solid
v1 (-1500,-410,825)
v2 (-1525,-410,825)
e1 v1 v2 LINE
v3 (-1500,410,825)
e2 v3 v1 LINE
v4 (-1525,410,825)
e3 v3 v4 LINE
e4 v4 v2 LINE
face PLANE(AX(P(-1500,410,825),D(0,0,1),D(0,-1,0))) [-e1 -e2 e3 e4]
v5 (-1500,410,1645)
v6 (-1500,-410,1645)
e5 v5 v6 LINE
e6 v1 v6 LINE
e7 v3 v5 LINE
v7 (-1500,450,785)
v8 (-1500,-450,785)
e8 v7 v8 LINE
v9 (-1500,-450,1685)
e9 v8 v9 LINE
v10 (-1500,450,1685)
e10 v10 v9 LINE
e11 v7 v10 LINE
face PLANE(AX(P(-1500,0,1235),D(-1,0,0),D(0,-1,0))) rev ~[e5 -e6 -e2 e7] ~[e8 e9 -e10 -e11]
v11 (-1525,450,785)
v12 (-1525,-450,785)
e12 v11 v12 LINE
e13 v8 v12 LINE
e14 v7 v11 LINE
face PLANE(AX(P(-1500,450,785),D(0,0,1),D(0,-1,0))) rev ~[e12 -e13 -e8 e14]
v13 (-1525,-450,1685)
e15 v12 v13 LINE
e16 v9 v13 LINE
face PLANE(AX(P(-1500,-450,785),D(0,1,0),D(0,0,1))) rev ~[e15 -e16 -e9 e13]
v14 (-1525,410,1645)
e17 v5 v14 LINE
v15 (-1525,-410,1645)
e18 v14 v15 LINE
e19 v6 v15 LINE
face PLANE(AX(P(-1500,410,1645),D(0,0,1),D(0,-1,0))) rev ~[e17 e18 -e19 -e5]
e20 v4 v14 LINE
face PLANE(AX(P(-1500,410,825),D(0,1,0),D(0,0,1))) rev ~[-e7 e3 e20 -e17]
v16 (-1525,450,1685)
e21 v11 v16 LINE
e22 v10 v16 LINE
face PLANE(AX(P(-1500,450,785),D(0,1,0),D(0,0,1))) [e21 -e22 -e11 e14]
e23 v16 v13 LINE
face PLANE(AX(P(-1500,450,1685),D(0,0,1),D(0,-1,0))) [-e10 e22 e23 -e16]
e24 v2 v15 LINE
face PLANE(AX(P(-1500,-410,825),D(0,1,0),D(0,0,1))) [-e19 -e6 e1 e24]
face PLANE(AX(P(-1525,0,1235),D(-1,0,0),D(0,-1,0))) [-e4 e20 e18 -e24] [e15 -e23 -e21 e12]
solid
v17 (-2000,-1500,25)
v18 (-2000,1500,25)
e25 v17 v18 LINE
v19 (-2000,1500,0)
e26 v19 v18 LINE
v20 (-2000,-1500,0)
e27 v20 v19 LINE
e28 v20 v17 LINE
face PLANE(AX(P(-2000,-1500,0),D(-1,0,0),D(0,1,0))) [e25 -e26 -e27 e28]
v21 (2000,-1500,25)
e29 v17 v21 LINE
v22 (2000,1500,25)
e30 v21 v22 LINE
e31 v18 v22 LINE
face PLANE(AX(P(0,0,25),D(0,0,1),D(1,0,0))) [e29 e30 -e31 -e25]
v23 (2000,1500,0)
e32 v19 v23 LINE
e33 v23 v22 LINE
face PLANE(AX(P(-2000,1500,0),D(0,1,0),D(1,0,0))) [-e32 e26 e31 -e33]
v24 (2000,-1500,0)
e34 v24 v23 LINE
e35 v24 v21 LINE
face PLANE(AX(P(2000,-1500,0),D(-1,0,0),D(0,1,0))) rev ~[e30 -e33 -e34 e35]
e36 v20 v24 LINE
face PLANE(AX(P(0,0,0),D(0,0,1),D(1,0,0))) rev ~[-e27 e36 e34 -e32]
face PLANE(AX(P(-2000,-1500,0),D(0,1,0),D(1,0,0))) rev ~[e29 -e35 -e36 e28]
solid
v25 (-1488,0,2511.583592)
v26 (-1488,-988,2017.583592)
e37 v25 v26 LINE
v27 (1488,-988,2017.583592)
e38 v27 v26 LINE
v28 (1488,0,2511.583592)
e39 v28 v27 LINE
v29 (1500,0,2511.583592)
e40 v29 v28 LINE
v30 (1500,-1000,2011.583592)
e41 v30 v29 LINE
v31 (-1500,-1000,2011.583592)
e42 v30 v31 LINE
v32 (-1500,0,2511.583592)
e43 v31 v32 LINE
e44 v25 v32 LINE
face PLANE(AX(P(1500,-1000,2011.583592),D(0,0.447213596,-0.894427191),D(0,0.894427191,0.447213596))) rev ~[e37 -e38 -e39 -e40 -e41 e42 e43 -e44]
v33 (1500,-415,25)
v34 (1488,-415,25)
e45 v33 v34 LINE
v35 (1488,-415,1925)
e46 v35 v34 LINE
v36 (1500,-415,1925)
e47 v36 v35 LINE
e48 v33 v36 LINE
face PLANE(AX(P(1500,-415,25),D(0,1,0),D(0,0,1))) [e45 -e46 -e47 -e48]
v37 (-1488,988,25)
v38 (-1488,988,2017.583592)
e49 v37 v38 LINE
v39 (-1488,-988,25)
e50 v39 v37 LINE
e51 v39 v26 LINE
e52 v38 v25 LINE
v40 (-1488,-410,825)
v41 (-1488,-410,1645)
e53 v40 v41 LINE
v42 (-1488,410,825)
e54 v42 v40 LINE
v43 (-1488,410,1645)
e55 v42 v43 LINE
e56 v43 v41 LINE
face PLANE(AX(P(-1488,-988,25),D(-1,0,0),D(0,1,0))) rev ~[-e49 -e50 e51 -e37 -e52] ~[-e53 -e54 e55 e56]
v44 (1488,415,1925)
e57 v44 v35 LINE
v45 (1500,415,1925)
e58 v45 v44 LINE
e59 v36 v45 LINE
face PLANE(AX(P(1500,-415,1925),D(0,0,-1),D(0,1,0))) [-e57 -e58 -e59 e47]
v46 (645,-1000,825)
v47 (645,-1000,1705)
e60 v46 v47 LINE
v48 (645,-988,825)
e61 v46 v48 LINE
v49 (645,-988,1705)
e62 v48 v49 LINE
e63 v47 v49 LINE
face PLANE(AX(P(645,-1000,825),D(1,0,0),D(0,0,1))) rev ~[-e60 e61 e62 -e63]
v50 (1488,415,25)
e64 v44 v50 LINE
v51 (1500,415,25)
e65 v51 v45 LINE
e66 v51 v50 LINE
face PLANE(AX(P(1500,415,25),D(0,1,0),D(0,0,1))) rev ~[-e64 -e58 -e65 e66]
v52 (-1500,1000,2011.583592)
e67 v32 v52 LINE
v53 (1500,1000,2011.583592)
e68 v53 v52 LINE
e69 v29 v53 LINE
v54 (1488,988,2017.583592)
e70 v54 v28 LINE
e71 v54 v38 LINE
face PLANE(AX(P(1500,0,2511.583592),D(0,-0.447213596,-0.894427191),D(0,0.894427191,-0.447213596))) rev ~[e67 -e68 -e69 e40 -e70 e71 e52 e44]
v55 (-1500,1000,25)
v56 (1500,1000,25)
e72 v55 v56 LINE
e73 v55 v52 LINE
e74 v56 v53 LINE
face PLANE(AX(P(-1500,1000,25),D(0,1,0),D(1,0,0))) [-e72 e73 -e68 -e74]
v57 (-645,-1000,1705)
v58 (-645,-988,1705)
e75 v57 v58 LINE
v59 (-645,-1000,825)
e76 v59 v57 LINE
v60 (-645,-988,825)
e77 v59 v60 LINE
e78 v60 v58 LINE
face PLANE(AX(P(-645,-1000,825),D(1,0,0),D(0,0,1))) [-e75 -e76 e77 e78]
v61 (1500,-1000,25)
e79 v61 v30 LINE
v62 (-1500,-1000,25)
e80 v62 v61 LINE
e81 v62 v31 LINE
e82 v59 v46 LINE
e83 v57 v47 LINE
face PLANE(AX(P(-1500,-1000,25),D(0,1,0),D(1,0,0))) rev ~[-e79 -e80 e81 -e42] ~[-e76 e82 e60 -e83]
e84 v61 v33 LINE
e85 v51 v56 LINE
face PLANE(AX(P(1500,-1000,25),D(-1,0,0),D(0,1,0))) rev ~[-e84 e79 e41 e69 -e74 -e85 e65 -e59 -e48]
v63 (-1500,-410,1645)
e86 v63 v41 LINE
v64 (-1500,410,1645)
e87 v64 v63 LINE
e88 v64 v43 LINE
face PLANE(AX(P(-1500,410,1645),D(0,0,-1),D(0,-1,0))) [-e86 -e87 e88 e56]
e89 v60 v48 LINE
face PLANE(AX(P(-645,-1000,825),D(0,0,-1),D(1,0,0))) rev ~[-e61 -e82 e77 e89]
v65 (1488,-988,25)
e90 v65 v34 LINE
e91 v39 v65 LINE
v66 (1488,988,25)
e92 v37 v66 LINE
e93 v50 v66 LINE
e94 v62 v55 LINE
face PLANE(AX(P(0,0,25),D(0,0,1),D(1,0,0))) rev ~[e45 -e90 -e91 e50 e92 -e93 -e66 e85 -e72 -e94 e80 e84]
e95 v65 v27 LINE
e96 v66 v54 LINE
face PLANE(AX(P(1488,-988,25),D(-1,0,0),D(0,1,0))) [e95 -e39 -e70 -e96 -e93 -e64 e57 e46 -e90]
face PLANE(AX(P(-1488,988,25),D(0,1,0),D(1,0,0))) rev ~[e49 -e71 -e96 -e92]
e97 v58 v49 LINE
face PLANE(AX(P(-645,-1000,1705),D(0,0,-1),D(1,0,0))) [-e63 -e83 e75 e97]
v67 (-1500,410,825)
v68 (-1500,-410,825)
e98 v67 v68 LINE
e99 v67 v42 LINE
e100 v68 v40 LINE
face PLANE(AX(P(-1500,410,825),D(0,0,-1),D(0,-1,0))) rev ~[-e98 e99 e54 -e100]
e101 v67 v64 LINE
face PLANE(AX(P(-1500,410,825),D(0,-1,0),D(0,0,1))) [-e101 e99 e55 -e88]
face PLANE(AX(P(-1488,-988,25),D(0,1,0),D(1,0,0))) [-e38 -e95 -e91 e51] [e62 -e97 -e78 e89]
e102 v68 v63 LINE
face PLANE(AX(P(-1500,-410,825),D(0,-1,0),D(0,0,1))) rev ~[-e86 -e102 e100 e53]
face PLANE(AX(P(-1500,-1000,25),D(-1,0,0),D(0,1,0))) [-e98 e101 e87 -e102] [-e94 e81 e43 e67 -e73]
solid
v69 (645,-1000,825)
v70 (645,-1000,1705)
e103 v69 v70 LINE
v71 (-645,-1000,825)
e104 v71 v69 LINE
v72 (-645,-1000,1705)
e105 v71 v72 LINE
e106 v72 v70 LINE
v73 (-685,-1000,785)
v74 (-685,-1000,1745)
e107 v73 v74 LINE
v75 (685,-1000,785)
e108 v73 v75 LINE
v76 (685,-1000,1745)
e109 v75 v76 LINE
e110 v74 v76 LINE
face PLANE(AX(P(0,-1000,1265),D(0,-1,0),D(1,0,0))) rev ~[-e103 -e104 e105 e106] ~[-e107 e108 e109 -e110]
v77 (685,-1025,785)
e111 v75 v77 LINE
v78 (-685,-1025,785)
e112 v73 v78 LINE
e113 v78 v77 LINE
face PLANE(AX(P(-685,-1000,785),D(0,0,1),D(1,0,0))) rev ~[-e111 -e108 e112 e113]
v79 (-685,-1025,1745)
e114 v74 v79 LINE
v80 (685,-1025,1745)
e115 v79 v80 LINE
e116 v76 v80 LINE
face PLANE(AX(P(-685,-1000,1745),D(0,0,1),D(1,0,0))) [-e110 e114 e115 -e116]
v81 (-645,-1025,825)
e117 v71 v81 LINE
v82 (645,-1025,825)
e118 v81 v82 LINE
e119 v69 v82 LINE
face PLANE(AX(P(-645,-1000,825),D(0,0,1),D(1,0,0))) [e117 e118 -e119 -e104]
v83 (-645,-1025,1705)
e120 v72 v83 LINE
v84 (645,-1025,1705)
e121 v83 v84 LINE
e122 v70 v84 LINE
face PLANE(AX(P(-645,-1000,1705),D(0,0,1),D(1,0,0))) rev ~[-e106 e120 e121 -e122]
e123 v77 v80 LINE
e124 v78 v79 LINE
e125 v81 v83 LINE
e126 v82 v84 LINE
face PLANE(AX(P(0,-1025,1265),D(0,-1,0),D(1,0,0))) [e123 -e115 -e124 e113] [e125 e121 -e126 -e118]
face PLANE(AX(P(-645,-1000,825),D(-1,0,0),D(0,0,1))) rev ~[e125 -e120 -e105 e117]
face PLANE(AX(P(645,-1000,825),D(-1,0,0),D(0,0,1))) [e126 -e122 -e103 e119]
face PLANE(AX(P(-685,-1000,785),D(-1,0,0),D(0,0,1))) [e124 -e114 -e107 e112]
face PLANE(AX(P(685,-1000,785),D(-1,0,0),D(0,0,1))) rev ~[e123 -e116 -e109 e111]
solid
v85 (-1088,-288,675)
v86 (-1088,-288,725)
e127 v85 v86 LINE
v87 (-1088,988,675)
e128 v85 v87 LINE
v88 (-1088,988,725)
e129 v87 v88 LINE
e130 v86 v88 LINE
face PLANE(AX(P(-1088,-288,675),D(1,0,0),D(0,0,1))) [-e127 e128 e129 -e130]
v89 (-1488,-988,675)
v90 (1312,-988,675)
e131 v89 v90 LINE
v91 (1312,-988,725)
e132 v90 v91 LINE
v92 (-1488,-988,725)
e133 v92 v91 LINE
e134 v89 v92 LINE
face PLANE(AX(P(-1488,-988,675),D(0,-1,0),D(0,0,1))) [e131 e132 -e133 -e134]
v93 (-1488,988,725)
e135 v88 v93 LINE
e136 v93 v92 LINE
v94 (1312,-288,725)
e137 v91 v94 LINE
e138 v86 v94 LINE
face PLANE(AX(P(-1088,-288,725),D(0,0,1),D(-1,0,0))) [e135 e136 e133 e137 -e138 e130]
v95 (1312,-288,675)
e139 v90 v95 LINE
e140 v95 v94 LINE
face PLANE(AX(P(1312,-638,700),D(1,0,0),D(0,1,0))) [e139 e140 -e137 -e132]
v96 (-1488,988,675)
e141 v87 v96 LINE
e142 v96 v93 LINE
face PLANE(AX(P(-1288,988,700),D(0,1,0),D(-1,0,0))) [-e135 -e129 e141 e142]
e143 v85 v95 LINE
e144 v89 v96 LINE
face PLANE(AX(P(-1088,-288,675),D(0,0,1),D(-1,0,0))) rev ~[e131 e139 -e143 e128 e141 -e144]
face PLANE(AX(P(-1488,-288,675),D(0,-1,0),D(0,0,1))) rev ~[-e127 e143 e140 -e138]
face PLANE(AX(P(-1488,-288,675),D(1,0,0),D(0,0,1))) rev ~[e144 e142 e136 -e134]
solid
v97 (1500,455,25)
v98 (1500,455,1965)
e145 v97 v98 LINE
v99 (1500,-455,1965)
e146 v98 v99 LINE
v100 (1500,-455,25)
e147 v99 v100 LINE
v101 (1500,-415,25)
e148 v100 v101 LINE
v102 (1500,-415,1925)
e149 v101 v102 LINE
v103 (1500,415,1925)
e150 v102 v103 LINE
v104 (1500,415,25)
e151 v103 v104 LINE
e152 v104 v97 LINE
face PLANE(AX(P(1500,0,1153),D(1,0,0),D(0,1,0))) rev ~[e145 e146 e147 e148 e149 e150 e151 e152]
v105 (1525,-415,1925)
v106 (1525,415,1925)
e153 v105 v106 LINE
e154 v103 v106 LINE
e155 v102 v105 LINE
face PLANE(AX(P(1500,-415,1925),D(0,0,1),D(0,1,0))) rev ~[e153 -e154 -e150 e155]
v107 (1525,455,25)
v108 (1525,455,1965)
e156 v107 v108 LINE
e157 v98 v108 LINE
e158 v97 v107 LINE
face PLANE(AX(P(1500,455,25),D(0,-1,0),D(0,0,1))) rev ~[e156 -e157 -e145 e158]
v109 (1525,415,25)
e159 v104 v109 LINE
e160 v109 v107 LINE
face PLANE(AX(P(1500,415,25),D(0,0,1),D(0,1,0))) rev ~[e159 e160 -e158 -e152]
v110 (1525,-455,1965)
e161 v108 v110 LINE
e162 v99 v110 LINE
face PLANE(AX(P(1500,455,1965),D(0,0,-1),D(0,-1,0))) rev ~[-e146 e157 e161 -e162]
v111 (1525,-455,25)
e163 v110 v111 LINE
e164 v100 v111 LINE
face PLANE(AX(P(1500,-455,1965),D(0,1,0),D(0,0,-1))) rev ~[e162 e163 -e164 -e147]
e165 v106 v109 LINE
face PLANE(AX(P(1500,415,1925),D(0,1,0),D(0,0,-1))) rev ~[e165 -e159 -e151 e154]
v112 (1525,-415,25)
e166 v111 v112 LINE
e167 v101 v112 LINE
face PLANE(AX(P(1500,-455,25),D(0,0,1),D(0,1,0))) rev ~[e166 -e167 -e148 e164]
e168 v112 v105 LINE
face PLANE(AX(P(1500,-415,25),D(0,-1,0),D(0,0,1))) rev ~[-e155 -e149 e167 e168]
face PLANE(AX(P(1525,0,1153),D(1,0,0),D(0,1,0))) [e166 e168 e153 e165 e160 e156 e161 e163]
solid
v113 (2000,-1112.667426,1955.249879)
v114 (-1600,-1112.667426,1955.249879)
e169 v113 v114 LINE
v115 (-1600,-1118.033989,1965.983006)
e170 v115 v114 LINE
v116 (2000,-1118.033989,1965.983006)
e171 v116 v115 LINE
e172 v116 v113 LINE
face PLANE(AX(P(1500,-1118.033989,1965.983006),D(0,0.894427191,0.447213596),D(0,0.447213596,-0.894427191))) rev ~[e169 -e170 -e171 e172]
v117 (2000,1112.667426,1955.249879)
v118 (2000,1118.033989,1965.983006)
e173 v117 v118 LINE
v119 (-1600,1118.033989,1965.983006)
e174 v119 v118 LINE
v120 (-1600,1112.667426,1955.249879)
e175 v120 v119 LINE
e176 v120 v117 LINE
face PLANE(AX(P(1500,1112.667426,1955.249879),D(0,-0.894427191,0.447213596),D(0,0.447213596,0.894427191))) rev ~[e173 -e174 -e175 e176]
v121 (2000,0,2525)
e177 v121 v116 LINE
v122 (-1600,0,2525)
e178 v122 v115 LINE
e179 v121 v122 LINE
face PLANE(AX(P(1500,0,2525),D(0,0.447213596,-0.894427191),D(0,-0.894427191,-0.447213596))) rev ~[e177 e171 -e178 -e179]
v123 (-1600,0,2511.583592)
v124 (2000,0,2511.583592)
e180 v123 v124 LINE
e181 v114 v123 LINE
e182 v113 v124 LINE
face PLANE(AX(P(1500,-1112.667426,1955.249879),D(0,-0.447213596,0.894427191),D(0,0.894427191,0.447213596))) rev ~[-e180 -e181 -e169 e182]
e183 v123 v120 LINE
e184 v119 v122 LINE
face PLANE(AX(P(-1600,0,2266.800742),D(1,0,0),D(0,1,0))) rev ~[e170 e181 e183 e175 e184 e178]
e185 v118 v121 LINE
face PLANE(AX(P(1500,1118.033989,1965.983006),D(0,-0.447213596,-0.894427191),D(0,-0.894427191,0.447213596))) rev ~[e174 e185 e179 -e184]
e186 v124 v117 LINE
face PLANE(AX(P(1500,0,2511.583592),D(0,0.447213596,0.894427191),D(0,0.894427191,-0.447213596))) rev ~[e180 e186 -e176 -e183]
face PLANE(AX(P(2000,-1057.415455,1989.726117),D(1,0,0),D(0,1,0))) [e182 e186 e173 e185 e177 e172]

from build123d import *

# Parameters (mm, degrees)
F0_W      = 4000
F0_H      = 3000
F1_DEPTH  = 25
F2_W      = 3000
F2_H      = 2000
F2_W_2    = 2976
F2_H_2    = 1976
F3_DEPTH  = 2500
F4_W      = 900
F4_H      = 900
F4_W_2    = 820
F4_H_2    = 820
F5_DEPTH  = 25
F6_DEPTH  = 12
F7_W      = 1370
F7_H      = 960
F7_W_2    = 1290
F7_H_2    = 880
F8_DEPTH  = 25
F9_DEPTH  = 12
F11_DEPTH = 25
F10_W     = 830
F10_H     = 1900
F12_DEPTH = 25
F13_DEPTH = 3000
F14_DEPTH = 3100
F15_DEPTH = 500
F16_W     = 700
F16_H     = 50
F17_DEPTH = 2800
F18_W     = 400
F18_H     = 50
F19_DEPTH = 1276


with BuildPart() as f1:
    # F0 (on Top) → F1 (new body)
    with BuildSketch(Plane.XY):
        Rectangle(F0_W, F0_H)
    extrude(amount=F1_DEPTH)


with BuildPart() as f3:
    # F2 (on face) → F3 (new body)
    with BuildSketch(Plane.XY.offset(25)):
        Rectangle(F2_W, F2_H)
        Rectangle(F2_W_2, F2_H_2, mode=Mode.SUBTRACT)
    extrude(amount=F3_DEPTH)

    # F4 (on face) → F6 (cut, through all)
    with BuildSketch(Plane(origin=(-1500, 0, 0), x_dir=(0, -1, 0), z_dir=(-1, 0, 0))):
        with Locations((0, 1235)):
            Rectangle(F4_W_2, F4_H_2)
    extrude(amount=-F6_DEPTH, mode=Mode.SUBTRACT)

    # F7 (on face) → F9 (cut, through all)
    with BuildSketch(Plane.XZ.offset(1000)):
        with Locations((0, 1265)):
            Rectangle(F7_W_2, F7_H_2)
    extrude(amount=-F9_DEPTH, mode=Mode.SUBTRACT)

    # F10 (on face) → F12 (cut)
    with BuildSketch(Plane.YZ.offset(1500)):
        with Locations((0, 975)):
            Rectangle(F10_W, F10_H)
    extrude(amount=-F12_DEPTH, mode=Mode.SUBTRACT)

    # F10 (on face) → F13 (cut, through all)
    with BuildSketch(Plane.YZ.offset(1500)):
        Polygon((-1000, 2525), (-1000, 2025), (0, 2525), align=None)
        Polygon((0, 2525), (1000, 2025), (1000, 2525), align=None)
        Polygon((-1000, 2025), (-1000, 2011.583592135), (0, 2511.583592135), (1000, 2011.583592135), (1000, 2025), (0, 2525), align=None)
    extrude(amount=-F13_DEPTH, mode=Mode.SUBTRACT)


with BuildPart() as f5:
    # F4 (on face) → F5 (new body)
    with BuildSketch(Plane(origin=(-1500, 0, 0), x_dir=(0, -1, 0), z_dir=(-1, 0, 0))):
        with Locations((0, 1235)):
            Rectangle(F4_W, F4_H)
        with Locations((0, 1235)):
            Rectangle(F4_W_2, F4_H_2, mode=Mode.SUBTRACT)
    extrude(amount=F5_DEPTH)


with BuildPart() as f8:
    # F7 (on face) → F8 (new body)
    with BuildSketch(Plane.XZ.offset(1000)):
        with Locations((0, 1265)):
            Rectangle(F7_W, F7_H)
        with Locations((0, 1265)):
            Rectangle(F7_W_2, F7_H_2, mode=Mode.SUBTRACT)
    extrude(amount=F8_DEPTH)


with BuildPart() as f11:
    # F10 (on face) → F11 (new body)
    with BuildSketch(Plane.YZ.offset(1500)):
        Polygon((-455, 25), (-415, 25), (-415, 1925), (415, 1925), (415, 25), (455, 25), (455, 1965), (-455, 1965), align=None)
    extrude(amount=F11_DEPTH)


with BuildPart() as f14:
    # F10 (on face) → F14 (new body)
    with BuildSketch(Plane.YZ.offset(1500)):
        Polygon((-1000, 2025), (-1000, 2011.583592135), (0, 2511.583592135), (1000, 2011.583592135), (1000, 2025), (0, 2525), align=None)
        Polygon((1000, 2025), (1000, 2011.583592135), (1112.6674256039, 1955.2498793331), (1118.0339887499, 1965.9830056251), align=None)
        Polygon((-1112.6674256039, 1955.2498793331), (-1000, 2011.583592135), (-1000, 2025), (-1118.0339887499, 1965.9830056251), align=None)
    extrude(amount=-F14_DEPTH)

    # F10 (on face) → F15 (join)
    with BuildSketch(Plane.YZ.offset(1500)):
        Polygon((-1112.6674256039, 1955.2498793331), (-1000, 2011.583592135), (-1000, 2025), (-1118.0339887499, 1965.9830056251), align=None)
        Polygon((-1000, 2025), (-1000, 2011.583592135), (0, 2511.583592135), (1000, 2011.583592135), (1000, 2025), (0, 2525), align=None)
        Polygon((1000, 2025), (1000, 2011.583592135), (1112.6674256039, 1955.2498793331), (1118.0339887499, 1965.9830056251), align=None)
    extrude(amount=F15_DEPTH)


with BuildPart() as f17:
    # F16 (on face) → F17 (new body)
    with BuildSketch(Plane.YZ.offset(-1488)):
        with Locations((-638, 700)):
            Rectangle(F16_W, F16_H)
    extrude(amount=F17_DEPTH)

    # F18 (on face) → F19 (join, through all)
    with BuildSketch(Plane(origin=(0, -288, 0), x_dir=(-1, 0, 0), z_dir=(0, 1, 0))):
        with Locations((1288, 700)):
            Rectangle(F18_W, F18_H)
    extrude(amount=F19_DEPTH)


solid = Compound([f1.part, f3.part, f5.part, f8.part, f11.part, f14.part, f17.part])
